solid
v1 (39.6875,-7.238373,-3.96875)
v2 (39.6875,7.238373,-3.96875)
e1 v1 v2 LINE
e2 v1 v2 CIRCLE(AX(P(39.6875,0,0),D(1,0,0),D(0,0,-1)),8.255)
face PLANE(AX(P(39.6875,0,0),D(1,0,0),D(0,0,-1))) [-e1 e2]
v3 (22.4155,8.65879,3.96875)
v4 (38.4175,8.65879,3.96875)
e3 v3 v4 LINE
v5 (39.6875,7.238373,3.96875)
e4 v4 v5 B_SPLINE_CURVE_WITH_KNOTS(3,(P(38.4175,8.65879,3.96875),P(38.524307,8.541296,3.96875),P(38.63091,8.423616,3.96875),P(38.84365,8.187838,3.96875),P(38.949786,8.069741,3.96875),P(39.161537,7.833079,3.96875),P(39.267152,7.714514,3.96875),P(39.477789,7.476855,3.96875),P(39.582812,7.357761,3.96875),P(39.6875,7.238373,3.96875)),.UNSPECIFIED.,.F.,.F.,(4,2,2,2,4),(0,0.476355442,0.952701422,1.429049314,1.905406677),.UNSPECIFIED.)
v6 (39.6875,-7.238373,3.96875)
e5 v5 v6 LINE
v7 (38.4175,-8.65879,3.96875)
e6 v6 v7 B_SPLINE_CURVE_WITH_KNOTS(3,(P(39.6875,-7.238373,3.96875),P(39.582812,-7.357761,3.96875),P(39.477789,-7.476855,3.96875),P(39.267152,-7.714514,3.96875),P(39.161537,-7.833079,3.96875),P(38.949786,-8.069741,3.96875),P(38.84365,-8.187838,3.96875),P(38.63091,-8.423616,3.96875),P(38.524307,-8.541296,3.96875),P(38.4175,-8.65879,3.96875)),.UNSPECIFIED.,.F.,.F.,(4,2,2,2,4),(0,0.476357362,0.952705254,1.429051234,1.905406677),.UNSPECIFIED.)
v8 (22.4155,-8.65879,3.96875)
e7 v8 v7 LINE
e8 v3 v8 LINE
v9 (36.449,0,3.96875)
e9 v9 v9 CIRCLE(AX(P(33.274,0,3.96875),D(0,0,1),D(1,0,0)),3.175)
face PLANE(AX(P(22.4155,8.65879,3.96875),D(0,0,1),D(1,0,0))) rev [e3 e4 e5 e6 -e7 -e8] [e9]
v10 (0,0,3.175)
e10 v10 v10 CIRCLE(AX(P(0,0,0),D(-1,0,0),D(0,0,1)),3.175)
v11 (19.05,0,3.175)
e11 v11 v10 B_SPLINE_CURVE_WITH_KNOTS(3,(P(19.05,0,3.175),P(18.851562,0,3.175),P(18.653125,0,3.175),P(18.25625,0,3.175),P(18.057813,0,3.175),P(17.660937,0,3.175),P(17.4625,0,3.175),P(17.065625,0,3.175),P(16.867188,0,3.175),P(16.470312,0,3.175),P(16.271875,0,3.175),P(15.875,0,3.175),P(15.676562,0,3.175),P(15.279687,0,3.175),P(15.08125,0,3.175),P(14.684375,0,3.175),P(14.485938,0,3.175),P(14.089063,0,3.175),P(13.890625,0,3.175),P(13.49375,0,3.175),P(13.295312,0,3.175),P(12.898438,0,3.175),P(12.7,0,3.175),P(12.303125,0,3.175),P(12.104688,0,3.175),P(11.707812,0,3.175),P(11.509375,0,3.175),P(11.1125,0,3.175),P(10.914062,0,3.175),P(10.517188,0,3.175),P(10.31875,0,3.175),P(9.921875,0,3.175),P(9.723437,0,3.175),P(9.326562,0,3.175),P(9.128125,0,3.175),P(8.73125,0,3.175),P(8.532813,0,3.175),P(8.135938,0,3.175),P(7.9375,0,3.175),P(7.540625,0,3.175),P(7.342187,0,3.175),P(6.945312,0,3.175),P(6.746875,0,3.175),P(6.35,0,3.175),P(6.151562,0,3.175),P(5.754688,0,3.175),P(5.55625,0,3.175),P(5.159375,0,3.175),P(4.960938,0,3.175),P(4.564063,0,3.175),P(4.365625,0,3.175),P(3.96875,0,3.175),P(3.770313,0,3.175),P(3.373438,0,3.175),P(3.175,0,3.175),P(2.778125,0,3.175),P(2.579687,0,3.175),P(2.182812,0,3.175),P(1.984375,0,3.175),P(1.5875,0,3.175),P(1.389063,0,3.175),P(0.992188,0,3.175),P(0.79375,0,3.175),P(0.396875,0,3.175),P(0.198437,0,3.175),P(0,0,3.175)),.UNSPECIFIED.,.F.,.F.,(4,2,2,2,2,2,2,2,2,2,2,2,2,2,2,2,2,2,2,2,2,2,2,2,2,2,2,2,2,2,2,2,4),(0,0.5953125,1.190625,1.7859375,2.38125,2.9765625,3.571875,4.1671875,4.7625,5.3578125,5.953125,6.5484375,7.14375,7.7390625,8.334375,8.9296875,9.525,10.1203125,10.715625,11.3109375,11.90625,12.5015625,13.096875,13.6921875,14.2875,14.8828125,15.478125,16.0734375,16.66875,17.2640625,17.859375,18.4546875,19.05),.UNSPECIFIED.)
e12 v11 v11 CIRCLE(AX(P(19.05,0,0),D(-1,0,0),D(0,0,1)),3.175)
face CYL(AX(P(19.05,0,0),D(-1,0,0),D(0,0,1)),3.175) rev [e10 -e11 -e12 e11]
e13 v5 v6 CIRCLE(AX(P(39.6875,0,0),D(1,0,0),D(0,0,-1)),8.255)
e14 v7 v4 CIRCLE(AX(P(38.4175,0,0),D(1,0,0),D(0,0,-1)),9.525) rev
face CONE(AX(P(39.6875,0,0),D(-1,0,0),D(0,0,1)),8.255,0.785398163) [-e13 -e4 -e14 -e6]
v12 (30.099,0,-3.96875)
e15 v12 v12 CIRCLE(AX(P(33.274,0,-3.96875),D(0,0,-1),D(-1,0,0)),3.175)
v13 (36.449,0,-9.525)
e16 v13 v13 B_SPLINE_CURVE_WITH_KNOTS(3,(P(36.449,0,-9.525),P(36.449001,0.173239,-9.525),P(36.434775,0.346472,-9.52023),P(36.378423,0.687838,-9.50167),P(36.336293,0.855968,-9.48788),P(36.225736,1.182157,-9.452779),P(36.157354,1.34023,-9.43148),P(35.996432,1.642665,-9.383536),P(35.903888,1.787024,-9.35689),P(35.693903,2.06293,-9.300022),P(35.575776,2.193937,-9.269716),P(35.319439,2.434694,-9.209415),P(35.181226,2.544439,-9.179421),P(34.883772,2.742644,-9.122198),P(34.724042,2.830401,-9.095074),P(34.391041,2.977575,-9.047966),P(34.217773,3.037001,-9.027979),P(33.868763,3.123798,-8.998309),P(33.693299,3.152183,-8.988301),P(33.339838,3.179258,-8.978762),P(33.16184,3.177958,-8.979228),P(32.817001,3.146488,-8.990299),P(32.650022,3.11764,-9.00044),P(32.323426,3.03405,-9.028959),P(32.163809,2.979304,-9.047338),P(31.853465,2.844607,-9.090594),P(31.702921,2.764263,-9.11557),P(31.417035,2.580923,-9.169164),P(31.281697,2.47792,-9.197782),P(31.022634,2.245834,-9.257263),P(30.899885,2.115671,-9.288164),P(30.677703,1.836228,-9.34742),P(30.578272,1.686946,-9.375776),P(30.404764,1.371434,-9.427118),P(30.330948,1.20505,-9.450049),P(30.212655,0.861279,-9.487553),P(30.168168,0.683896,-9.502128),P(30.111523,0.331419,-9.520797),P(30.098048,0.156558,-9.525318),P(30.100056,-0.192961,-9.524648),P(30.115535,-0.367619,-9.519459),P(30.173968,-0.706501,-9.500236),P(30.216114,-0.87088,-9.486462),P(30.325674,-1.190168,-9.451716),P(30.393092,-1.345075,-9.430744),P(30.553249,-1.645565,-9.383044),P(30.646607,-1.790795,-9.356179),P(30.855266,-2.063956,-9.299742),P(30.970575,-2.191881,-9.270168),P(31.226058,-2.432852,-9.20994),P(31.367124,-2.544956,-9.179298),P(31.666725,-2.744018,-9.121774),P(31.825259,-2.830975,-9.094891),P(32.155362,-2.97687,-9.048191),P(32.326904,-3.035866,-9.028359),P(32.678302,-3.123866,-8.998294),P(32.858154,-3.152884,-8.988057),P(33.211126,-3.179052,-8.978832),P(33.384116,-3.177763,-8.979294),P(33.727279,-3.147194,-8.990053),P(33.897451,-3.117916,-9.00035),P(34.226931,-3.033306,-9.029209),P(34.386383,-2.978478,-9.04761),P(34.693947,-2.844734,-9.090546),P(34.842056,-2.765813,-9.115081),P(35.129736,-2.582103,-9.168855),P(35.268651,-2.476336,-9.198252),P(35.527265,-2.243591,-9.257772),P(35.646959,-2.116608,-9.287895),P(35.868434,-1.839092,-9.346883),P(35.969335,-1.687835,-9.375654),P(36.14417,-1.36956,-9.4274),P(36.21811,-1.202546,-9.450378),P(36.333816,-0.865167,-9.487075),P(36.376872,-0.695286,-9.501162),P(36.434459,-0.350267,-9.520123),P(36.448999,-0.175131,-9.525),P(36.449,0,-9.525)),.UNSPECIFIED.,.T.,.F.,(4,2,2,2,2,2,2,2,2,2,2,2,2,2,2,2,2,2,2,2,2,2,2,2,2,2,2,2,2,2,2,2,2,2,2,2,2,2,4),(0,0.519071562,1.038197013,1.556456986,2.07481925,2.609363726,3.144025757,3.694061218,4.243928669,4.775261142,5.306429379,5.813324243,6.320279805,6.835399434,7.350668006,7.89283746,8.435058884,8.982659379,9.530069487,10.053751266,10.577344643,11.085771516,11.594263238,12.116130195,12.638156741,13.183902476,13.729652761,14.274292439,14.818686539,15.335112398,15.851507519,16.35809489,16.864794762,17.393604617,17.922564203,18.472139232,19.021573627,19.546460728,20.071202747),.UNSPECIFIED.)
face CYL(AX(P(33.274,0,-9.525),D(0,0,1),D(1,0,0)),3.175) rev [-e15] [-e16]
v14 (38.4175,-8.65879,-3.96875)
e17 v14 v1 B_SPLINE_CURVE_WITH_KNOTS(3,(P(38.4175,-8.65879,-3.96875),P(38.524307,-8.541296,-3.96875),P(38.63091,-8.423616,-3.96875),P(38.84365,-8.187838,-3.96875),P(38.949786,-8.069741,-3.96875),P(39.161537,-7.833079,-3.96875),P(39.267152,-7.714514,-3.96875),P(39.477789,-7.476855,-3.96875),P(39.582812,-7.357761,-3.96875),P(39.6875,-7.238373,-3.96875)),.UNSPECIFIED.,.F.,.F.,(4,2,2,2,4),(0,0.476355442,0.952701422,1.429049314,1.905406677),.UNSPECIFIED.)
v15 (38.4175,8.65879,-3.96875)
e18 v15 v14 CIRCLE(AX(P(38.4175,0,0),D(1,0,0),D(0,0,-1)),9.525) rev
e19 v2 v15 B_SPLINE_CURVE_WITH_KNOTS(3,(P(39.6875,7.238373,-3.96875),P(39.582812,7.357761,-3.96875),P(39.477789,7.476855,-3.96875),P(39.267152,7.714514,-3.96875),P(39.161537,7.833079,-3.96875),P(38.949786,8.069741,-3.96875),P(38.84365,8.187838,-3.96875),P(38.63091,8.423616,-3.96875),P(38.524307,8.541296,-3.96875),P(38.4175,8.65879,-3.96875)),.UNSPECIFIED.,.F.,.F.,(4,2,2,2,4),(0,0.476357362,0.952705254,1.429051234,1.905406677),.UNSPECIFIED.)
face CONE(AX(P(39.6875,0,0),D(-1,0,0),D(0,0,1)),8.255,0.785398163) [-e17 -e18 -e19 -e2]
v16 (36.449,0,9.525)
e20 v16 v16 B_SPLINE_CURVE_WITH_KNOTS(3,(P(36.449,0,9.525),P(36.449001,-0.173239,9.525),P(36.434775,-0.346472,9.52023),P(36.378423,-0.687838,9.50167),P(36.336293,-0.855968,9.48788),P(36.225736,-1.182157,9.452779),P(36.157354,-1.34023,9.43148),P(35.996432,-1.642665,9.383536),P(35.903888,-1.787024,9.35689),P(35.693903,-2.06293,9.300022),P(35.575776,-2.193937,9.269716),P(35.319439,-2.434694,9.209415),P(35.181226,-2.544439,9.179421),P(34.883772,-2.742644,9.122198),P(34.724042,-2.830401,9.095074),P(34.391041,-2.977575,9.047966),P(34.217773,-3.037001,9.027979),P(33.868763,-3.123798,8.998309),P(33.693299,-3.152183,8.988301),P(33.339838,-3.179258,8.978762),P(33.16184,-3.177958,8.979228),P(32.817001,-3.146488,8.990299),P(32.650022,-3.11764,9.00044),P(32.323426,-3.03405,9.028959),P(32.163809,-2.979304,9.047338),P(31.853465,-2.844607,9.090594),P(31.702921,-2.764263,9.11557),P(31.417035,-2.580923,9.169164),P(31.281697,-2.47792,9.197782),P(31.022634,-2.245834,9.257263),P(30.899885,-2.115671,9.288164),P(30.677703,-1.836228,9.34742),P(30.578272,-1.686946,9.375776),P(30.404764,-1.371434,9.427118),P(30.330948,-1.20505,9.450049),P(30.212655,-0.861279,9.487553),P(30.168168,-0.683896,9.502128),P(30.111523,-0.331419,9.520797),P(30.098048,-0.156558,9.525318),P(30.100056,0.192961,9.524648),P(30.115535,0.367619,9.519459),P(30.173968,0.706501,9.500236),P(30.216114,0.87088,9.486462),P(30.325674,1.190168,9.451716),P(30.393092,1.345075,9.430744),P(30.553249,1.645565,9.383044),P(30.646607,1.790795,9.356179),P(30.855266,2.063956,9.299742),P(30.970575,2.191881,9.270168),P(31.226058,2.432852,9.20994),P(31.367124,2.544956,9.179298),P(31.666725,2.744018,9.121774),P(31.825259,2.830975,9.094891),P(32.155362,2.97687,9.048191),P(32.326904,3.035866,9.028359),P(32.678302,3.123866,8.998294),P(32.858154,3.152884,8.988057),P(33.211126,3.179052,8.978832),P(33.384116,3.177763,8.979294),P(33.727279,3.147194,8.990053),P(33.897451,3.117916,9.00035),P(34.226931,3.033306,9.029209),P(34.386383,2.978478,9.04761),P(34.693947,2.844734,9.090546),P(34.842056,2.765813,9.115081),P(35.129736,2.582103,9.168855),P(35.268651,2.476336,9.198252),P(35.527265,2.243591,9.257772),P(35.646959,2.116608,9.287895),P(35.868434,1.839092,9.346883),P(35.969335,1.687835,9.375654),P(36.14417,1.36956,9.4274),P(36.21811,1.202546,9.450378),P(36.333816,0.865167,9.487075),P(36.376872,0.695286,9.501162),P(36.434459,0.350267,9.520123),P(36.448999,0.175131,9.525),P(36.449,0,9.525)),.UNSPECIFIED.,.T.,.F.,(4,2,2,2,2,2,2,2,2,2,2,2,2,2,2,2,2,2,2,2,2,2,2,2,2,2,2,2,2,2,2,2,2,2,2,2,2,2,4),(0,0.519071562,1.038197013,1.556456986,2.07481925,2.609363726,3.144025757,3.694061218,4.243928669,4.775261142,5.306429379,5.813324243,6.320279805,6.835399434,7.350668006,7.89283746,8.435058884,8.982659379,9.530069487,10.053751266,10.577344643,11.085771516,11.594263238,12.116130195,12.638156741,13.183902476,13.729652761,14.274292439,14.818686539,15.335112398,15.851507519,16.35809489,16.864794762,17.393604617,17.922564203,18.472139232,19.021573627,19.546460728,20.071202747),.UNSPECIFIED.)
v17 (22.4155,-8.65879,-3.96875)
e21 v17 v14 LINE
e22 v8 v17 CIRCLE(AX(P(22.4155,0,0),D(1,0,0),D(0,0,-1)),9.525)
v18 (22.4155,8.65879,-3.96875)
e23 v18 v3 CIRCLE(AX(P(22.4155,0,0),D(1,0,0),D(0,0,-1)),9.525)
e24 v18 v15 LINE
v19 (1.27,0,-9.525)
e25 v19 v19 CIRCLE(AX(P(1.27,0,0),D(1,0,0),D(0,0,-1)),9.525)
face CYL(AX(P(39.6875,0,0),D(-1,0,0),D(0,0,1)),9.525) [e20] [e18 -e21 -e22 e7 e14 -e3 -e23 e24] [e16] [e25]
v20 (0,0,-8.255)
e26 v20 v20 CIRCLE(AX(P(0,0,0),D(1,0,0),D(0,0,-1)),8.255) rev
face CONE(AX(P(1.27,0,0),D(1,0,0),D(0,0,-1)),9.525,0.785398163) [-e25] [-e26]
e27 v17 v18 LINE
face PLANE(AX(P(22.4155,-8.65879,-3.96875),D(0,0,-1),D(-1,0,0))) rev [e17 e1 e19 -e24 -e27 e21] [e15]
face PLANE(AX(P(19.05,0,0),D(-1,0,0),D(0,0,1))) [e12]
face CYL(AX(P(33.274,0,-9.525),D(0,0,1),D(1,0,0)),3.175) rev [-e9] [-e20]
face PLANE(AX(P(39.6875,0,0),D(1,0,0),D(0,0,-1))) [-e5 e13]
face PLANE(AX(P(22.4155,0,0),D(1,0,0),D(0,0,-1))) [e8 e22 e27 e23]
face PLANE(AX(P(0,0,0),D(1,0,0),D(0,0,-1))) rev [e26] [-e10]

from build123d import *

# Parameters (mm, degrees)
SKETCH1_R               = 9.525
BASE_EXTRUDE_DEPTH      = 39.6875
CUT_EXTRUDE1_START      = -17.272
CUT_EXTRUDE1_DEPTH      = 17.272
CUT_EXTRUDE2_DEPTH      = 42.911202634
CUT_EXTRUDE2_DEPTH_BACK = 42.911202634
SKETCH3_R               = 3.175
CHAMFER1_SIZE           = 1.27
SKETCH4_R               = 3.175
CUT_EXTRUDE3_DEPTH      = 19.05


with BuildPart() as part:
    # Sketch1 → Base-Extrude (new body)
    with BuildSketch(Plane(origin=(0, 0, 0), x_dir=(0, 0, -1), z_dir=(1, 0, 0))):
        with Locations(Location((0, 0, 0), (0, 0, 180))):
            Circle(SKETCH1_R)
    extrude(amount=BASE_EXTRUDE_DEPTH)

    # Sketch2 → Cut-Extrude1 (cut)
    with BuildSketch(Plane(origin=(39.6875, 0, 0), x_dir=(0, 0, -1), z_dir=(1, 0, 0)).offset(CUT_EXTRUDE1_START)):
        with BuildLine():
            Line((-3.96875, 8.658790241), (-3.96875, -8.658790241))
            ThreePointArc((-3.96875, -8.658790241), (0, -9.525), (3.96875, -8.658790241))
            Line((3.96875, -8.658790241), (3.96875, 8.658790241))
            ThreePointArc((3.96875, 8.658790241), (0, 9.525), (-3.96875, 8.658790241))
        make_face()
    extrude(amount=CUT_EXTRUDE1_DEPTH, mode=Mode.SUBTRACT)

    # Sketch3 → Cut-Extrude2 (cut, two sides: drawn at the far end of the back side and taken through both)
    with BuildSketch(Plane.XY.offset(-CUT_EXTRUDE2_DEPTH_BACK)):
        with Locations((33.274, 0)):
            Circle(SKETCH3_R)
    extrude(amount=CUT_EXTRUDE2_DEPTH + CUT_EXTRUDE2_DEPTH_BACK, mode=Mode.SUBTRACT)

    # Chamfer1
    chamfer1_edges = [part.edges().sort_by_distance(p)[0] for p in [
        (0, 0, -9.525),
        (39.6875, -5.144087929, 8.016482045),
        (39.6875, 0, -9.525),
    ]]
    chamfer(chamfer1_edges, length=CHAMFER1_SIZE)

    # Sketch4 → Cut-Extrude3 (cut)
    with BuildSketch(Plane.ZY):
        Circle(SKETCH4_R)
    extrude(amount=-CUT_EXTRUDE3_DEPTH, mode=Mode.SUBTRACT)


solid = part.part
